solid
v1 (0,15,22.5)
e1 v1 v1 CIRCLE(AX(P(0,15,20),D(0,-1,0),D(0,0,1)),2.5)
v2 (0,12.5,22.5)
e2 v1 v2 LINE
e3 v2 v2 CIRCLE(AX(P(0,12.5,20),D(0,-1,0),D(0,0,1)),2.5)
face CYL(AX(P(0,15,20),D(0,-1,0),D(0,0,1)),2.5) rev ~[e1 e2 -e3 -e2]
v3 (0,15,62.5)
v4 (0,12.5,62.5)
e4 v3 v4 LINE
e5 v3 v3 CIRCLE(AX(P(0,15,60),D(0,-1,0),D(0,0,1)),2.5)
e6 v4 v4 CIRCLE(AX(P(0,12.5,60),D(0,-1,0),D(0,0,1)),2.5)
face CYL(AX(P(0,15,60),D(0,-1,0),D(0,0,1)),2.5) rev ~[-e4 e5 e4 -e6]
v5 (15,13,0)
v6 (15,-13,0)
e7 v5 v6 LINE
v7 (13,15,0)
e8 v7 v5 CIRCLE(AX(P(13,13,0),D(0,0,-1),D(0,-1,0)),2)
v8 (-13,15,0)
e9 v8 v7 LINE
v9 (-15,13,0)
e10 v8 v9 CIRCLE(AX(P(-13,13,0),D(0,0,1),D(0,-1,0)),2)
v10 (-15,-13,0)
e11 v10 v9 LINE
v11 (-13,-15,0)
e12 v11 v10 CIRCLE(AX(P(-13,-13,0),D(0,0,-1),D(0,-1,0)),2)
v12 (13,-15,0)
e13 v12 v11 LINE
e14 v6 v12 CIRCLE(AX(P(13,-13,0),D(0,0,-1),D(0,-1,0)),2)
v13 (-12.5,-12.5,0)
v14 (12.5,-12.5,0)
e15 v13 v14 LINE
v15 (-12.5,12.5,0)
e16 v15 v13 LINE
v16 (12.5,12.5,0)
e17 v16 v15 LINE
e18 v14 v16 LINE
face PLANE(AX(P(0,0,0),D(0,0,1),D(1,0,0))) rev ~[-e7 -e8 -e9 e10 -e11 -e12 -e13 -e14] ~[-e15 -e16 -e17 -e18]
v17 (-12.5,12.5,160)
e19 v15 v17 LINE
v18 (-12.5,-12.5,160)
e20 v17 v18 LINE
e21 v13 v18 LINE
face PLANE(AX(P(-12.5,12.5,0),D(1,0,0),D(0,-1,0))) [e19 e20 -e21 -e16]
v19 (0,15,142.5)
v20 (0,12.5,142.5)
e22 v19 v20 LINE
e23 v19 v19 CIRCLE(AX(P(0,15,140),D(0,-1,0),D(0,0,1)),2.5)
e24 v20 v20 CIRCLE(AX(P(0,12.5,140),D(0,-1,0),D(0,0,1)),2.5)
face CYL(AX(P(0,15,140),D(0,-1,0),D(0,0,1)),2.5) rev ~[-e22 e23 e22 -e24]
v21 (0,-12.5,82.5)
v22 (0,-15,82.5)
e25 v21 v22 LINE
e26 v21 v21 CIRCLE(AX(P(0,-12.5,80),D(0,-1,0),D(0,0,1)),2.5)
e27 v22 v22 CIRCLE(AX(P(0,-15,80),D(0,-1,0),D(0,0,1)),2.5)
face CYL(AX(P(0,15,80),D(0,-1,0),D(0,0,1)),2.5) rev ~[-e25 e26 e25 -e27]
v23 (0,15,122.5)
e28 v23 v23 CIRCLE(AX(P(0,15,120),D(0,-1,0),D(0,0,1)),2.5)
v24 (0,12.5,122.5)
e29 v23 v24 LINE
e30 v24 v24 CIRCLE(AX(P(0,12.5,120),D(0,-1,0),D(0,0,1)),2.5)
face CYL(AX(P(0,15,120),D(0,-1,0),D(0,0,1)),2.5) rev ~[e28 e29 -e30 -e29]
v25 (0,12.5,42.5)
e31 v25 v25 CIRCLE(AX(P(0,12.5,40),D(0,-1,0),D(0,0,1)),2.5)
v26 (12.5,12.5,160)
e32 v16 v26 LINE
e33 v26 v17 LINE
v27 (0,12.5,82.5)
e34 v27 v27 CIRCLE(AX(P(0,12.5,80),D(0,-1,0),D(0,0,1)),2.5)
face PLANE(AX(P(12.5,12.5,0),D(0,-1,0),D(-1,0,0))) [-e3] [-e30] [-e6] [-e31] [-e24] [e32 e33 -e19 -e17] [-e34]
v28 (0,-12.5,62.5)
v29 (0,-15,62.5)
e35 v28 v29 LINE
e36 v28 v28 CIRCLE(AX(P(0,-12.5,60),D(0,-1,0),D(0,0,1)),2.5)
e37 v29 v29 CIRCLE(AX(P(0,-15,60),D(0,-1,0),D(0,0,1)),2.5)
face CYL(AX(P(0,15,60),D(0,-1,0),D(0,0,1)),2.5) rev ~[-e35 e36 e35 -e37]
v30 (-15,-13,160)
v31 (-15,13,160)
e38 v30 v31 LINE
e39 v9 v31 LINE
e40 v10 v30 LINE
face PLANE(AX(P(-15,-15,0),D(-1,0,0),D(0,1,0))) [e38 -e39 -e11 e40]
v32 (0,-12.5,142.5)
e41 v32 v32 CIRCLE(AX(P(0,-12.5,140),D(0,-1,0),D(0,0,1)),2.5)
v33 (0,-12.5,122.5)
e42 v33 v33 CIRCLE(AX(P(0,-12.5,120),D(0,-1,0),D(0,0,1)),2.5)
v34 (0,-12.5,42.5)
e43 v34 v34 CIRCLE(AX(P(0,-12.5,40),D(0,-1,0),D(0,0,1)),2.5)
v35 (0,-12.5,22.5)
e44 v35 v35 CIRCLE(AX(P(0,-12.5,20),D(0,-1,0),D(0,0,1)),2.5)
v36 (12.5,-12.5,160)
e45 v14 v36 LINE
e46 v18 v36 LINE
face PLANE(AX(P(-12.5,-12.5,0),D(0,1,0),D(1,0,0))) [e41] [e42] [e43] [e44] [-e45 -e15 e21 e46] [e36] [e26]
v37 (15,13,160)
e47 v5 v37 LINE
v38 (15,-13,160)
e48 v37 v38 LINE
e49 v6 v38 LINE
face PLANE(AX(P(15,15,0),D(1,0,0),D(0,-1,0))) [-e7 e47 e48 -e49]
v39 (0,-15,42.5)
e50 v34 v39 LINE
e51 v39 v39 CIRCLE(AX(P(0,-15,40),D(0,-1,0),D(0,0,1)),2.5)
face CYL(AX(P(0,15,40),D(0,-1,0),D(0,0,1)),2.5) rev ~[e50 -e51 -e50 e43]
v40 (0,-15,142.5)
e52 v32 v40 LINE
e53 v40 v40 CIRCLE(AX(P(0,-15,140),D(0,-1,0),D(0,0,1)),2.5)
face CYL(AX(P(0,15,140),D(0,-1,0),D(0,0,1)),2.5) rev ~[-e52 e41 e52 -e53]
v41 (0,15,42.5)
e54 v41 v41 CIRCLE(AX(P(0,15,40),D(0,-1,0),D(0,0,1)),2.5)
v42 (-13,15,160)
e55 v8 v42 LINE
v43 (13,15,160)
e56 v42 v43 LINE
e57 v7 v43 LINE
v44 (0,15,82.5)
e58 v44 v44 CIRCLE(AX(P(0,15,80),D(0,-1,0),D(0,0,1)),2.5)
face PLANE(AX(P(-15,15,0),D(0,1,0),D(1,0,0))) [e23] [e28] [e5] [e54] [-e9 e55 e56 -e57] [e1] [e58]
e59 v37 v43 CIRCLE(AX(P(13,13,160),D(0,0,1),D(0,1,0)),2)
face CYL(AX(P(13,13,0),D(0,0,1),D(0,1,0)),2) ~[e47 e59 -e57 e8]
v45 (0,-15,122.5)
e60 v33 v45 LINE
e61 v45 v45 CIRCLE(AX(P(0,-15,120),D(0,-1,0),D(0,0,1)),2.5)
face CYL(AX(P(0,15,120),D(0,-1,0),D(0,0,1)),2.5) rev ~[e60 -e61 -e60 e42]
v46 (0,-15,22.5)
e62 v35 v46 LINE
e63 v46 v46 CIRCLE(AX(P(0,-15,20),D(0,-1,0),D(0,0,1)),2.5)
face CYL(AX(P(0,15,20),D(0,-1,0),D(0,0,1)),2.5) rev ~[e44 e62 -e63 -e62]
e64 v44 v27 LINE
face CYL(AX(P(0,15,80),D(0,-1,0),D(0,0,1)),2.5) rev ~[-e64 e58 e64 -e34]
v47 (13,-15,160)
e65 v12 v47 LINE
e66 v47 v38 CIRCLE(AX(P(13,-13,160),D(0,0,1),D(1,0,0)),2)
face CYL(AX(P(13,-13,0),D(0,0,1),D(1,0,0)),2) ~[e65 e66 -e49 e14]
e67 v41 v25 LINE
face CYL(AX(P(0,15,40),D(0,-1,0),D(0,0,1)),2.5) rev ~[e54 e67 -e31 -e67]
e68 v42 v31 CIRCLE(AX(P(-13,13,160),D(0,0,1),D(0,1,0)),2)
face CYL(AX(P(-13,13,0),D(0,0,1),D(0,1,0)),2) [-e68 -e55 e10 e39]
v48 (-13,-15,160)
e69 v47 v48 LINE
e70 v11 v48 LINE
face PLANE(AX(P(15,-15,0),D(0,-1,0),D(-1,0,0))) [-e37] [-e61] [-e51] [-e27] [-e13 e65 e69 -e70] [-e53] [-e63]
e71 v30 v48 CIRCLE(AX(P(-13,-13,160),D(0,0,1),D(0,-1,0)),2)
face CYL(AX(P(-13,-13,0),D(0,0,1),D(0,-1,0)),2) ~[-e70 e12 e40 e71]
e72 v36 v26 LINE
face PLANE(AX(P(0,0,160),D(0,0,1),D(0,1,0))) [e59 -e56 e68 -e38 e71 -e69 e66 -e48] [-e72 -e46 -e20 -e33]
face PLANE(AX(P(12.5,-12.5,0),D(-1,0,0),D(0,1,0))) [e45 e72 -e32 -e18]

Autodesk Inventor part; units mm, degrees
ref_plane "YZ Plane" through (0, 0, 0) normal (1, 0, 0) x (0, 1, 0)
ref_plane "XZ Plane" through (0, 0, 0) normal (0, 1, 0) x (-1, 0, 0)
sketch "Sketch1" plane through (0, 0, 0) normal (0, 0, 1) x (1, 0, 0)
  line L0 (-15, 15) -> (15, 15)
  line L1 (15, 15) -> (15, -15)
  line L2 (15, -15) -> (-15, -15)
  line L3 (-15, -15) -> (-15, 15)
  line L4 (12.5, 12.5) -> (-12.5, 12.5)
  line L5 (-12.5, 12.5) -> (-12.5, -12.5)
  line L6 (-12.5, -12.5) -> (12.5, -12.5)
  line L7 (12.5, -12.5) -> (12.5, 12.5)
  point P0 (0, 0)
  dimension "d0" = 30
  dimension "d1" = 30
  dimension "d2" = 15
  dimension "d3" = 15
  dimension "d4" = 2.5
extrude "Extrusion1" add sketch "Sketch1" along normal blind 1000
fillet "Fillet1" radius 2 4 edges at (15, 15, 500) (-15, 15, 500) (-15, -15, 500) (15, -15, 500)
ref_plane "Work Plane1" through (0, 0, 160) normal (0, 0, -1) x (-1, 0, 0)
split "Split1" plane through (0, 0, 160) removes the side toward (0, 0, 1)
sketch "Sketch2" plane through (-13, 15, 0) normal (0, 1, 0) x (1, 0, 0)
  point P0 (13, 0)
  point P1 (13, -20)
  dimension "d9" = 0
  dimension "d10" = 20
hole "Hole1" at (0, 15, 20) direction (0, -1, 0) diameter 5 end through all
pattern_linear "Rectangular Pattern1" count 4 spacing 20 along (0, 0, 1) of "Hole1"
sketch "Sketch3" plane through (-13, 15, 0) normal (0, 1, 0) x (1, 0, 0)
  line L0 (0, -160) -> (26, -160) projected
  point P0 (13, 0)
  point P1 (13, -140)
  point P2 (13, -120)
  dimension "d21" = 20
  dimension "d22" = 0
  dimension "d30" = 0
  dimension "d31" = 20
hole "Hole2" at (0, 15, 140) at (0, 15, 120) direction (0, -1, 0) diameter 5 end through all
equation "\"d0\" = sm_varx_squareBarDimension"
equation "\"d1\" = d0"
equation "\"d2\" = 0.5 * d1"
equation "\"d3\" = 0.5 * d0"
equation "\"d4\" = sm_varx_squareBarThickness"
equation "\"d10\" = 0.666667 * sm_varx_squareBarDimension"
equation "\"d11\" = sm_varx_pinPlate_holeDiameter"
equation "\"d20\" = 0.666667 * sm_varx_squareBarDimension"
equation "\"d31\" = d21"
equation "\"d23\" = sm_varx_pinPlate_holeDiameter"
equation "\"sm_varx_squareBarDimension\" = 30"
equation "\"sm_varx_squareBarThickness\" = 2.5"
equation "\"sm_varx_pinPlate_holeDiameter\" = 5"
equation "\"hoop_angle_z\" = 45deg"
equation "\"hoop_bearing_length\" = 5deg"
equation "\"hoop_cable_diam\" = 5"
equation "\"hoop_cable_pulley_diam\" = 22"
equation "\"hoop_thickness_large\" = 4"
equation "\"hoop_thickness_medium\" = 3.2"
equation "\"hoop_thickness_small\" = 2"
equation "\"hoop_width_large\" = 51"
equation "\"hoop_width_medium\" = 33.7"
equation "\"hoop_width_small\" = 25.4"
equation "\"rack_tooth_addendum\" = 5"
equation "\"rack_tooth_dedendum\" = 5"
equation "\"rack_tooth_thickness\" = 5"
equation "\"secure_arm_angle\" = 35deg"
equation "\"secure_arm_radii\" = 9"
equation "\"support_baseClamp_platformLengthBuffer\" = 35"
equation "\"support_baseClamp_platformThickness\" = 15"
equation "\"support_baseClamp_platformWidthBuffer\" = 0"
equation "\"support_baseClamp_sleeveHoleDiameter\" = 12"
equation "\"support_baseClamp_sleeveSweepTerminationAngle\" = 55deg"
equation "\"support_baseClamp_thickness\" = 8"
equation "\"support_frame_endHoleBuffer\" = 45"
equation "\"support_frame_squareBarFillet\" = 2"
equation "\"support_frame_squareBarThickness\" = 5"
equation "\"hoop_tabs_thickness\" = 6"
equation "\"hoop_tabs_hole\" = 12"
equation "\"wheelchair_deployed_width\" = 635"
equation "\"wheelchair_deployed_length\" = 1067"
equation "\"wheelchair_deployed_height\" = 914"
equation "\"sm_varx_pinPlate_thickness\" = 5"
equation "\"sm_varx_member_tolerance\" = 0"
equation "\"hoop_bushing12_radialInterference\" = 0"
equation "\"hoop_bushing23_radialInterference\" = 0"
equation "\"hoop_bushing23_od\" = -2 * hoop_thickness_medium + hoop_width_medium + hoop_bushing23_radialInterference"
equation "\"hoop_bushing23_thickness\" = -hoop_width_small + hoop_bushing23_od - 2 * hoop_bushing23_radialInterference"
equation "\"hoop_bushing12_od\" = -2 * hoop_thickness_large + hoop_width_large + hoop_bushing12_radialInterference"
equation "\"wheelchatir_pos_deploy_angle_0\" = 65deg"
equation "\"wheelchatir_pos_store_angle_0\" = 90deg"
equation "\"wheelchatir_pos_deploy_angle_1\" = 20deg"
equation "\"wheelchatir_pos_store_angle_1\" = 20deg"
equation "\"hoop_bushing12_thickness\" = -hoop_width_medium + hoop_bushing12_od - 2 * hoop_bushing12_radialInterference"
properties part number "member_vertical" material "Steel, Galvanized"
